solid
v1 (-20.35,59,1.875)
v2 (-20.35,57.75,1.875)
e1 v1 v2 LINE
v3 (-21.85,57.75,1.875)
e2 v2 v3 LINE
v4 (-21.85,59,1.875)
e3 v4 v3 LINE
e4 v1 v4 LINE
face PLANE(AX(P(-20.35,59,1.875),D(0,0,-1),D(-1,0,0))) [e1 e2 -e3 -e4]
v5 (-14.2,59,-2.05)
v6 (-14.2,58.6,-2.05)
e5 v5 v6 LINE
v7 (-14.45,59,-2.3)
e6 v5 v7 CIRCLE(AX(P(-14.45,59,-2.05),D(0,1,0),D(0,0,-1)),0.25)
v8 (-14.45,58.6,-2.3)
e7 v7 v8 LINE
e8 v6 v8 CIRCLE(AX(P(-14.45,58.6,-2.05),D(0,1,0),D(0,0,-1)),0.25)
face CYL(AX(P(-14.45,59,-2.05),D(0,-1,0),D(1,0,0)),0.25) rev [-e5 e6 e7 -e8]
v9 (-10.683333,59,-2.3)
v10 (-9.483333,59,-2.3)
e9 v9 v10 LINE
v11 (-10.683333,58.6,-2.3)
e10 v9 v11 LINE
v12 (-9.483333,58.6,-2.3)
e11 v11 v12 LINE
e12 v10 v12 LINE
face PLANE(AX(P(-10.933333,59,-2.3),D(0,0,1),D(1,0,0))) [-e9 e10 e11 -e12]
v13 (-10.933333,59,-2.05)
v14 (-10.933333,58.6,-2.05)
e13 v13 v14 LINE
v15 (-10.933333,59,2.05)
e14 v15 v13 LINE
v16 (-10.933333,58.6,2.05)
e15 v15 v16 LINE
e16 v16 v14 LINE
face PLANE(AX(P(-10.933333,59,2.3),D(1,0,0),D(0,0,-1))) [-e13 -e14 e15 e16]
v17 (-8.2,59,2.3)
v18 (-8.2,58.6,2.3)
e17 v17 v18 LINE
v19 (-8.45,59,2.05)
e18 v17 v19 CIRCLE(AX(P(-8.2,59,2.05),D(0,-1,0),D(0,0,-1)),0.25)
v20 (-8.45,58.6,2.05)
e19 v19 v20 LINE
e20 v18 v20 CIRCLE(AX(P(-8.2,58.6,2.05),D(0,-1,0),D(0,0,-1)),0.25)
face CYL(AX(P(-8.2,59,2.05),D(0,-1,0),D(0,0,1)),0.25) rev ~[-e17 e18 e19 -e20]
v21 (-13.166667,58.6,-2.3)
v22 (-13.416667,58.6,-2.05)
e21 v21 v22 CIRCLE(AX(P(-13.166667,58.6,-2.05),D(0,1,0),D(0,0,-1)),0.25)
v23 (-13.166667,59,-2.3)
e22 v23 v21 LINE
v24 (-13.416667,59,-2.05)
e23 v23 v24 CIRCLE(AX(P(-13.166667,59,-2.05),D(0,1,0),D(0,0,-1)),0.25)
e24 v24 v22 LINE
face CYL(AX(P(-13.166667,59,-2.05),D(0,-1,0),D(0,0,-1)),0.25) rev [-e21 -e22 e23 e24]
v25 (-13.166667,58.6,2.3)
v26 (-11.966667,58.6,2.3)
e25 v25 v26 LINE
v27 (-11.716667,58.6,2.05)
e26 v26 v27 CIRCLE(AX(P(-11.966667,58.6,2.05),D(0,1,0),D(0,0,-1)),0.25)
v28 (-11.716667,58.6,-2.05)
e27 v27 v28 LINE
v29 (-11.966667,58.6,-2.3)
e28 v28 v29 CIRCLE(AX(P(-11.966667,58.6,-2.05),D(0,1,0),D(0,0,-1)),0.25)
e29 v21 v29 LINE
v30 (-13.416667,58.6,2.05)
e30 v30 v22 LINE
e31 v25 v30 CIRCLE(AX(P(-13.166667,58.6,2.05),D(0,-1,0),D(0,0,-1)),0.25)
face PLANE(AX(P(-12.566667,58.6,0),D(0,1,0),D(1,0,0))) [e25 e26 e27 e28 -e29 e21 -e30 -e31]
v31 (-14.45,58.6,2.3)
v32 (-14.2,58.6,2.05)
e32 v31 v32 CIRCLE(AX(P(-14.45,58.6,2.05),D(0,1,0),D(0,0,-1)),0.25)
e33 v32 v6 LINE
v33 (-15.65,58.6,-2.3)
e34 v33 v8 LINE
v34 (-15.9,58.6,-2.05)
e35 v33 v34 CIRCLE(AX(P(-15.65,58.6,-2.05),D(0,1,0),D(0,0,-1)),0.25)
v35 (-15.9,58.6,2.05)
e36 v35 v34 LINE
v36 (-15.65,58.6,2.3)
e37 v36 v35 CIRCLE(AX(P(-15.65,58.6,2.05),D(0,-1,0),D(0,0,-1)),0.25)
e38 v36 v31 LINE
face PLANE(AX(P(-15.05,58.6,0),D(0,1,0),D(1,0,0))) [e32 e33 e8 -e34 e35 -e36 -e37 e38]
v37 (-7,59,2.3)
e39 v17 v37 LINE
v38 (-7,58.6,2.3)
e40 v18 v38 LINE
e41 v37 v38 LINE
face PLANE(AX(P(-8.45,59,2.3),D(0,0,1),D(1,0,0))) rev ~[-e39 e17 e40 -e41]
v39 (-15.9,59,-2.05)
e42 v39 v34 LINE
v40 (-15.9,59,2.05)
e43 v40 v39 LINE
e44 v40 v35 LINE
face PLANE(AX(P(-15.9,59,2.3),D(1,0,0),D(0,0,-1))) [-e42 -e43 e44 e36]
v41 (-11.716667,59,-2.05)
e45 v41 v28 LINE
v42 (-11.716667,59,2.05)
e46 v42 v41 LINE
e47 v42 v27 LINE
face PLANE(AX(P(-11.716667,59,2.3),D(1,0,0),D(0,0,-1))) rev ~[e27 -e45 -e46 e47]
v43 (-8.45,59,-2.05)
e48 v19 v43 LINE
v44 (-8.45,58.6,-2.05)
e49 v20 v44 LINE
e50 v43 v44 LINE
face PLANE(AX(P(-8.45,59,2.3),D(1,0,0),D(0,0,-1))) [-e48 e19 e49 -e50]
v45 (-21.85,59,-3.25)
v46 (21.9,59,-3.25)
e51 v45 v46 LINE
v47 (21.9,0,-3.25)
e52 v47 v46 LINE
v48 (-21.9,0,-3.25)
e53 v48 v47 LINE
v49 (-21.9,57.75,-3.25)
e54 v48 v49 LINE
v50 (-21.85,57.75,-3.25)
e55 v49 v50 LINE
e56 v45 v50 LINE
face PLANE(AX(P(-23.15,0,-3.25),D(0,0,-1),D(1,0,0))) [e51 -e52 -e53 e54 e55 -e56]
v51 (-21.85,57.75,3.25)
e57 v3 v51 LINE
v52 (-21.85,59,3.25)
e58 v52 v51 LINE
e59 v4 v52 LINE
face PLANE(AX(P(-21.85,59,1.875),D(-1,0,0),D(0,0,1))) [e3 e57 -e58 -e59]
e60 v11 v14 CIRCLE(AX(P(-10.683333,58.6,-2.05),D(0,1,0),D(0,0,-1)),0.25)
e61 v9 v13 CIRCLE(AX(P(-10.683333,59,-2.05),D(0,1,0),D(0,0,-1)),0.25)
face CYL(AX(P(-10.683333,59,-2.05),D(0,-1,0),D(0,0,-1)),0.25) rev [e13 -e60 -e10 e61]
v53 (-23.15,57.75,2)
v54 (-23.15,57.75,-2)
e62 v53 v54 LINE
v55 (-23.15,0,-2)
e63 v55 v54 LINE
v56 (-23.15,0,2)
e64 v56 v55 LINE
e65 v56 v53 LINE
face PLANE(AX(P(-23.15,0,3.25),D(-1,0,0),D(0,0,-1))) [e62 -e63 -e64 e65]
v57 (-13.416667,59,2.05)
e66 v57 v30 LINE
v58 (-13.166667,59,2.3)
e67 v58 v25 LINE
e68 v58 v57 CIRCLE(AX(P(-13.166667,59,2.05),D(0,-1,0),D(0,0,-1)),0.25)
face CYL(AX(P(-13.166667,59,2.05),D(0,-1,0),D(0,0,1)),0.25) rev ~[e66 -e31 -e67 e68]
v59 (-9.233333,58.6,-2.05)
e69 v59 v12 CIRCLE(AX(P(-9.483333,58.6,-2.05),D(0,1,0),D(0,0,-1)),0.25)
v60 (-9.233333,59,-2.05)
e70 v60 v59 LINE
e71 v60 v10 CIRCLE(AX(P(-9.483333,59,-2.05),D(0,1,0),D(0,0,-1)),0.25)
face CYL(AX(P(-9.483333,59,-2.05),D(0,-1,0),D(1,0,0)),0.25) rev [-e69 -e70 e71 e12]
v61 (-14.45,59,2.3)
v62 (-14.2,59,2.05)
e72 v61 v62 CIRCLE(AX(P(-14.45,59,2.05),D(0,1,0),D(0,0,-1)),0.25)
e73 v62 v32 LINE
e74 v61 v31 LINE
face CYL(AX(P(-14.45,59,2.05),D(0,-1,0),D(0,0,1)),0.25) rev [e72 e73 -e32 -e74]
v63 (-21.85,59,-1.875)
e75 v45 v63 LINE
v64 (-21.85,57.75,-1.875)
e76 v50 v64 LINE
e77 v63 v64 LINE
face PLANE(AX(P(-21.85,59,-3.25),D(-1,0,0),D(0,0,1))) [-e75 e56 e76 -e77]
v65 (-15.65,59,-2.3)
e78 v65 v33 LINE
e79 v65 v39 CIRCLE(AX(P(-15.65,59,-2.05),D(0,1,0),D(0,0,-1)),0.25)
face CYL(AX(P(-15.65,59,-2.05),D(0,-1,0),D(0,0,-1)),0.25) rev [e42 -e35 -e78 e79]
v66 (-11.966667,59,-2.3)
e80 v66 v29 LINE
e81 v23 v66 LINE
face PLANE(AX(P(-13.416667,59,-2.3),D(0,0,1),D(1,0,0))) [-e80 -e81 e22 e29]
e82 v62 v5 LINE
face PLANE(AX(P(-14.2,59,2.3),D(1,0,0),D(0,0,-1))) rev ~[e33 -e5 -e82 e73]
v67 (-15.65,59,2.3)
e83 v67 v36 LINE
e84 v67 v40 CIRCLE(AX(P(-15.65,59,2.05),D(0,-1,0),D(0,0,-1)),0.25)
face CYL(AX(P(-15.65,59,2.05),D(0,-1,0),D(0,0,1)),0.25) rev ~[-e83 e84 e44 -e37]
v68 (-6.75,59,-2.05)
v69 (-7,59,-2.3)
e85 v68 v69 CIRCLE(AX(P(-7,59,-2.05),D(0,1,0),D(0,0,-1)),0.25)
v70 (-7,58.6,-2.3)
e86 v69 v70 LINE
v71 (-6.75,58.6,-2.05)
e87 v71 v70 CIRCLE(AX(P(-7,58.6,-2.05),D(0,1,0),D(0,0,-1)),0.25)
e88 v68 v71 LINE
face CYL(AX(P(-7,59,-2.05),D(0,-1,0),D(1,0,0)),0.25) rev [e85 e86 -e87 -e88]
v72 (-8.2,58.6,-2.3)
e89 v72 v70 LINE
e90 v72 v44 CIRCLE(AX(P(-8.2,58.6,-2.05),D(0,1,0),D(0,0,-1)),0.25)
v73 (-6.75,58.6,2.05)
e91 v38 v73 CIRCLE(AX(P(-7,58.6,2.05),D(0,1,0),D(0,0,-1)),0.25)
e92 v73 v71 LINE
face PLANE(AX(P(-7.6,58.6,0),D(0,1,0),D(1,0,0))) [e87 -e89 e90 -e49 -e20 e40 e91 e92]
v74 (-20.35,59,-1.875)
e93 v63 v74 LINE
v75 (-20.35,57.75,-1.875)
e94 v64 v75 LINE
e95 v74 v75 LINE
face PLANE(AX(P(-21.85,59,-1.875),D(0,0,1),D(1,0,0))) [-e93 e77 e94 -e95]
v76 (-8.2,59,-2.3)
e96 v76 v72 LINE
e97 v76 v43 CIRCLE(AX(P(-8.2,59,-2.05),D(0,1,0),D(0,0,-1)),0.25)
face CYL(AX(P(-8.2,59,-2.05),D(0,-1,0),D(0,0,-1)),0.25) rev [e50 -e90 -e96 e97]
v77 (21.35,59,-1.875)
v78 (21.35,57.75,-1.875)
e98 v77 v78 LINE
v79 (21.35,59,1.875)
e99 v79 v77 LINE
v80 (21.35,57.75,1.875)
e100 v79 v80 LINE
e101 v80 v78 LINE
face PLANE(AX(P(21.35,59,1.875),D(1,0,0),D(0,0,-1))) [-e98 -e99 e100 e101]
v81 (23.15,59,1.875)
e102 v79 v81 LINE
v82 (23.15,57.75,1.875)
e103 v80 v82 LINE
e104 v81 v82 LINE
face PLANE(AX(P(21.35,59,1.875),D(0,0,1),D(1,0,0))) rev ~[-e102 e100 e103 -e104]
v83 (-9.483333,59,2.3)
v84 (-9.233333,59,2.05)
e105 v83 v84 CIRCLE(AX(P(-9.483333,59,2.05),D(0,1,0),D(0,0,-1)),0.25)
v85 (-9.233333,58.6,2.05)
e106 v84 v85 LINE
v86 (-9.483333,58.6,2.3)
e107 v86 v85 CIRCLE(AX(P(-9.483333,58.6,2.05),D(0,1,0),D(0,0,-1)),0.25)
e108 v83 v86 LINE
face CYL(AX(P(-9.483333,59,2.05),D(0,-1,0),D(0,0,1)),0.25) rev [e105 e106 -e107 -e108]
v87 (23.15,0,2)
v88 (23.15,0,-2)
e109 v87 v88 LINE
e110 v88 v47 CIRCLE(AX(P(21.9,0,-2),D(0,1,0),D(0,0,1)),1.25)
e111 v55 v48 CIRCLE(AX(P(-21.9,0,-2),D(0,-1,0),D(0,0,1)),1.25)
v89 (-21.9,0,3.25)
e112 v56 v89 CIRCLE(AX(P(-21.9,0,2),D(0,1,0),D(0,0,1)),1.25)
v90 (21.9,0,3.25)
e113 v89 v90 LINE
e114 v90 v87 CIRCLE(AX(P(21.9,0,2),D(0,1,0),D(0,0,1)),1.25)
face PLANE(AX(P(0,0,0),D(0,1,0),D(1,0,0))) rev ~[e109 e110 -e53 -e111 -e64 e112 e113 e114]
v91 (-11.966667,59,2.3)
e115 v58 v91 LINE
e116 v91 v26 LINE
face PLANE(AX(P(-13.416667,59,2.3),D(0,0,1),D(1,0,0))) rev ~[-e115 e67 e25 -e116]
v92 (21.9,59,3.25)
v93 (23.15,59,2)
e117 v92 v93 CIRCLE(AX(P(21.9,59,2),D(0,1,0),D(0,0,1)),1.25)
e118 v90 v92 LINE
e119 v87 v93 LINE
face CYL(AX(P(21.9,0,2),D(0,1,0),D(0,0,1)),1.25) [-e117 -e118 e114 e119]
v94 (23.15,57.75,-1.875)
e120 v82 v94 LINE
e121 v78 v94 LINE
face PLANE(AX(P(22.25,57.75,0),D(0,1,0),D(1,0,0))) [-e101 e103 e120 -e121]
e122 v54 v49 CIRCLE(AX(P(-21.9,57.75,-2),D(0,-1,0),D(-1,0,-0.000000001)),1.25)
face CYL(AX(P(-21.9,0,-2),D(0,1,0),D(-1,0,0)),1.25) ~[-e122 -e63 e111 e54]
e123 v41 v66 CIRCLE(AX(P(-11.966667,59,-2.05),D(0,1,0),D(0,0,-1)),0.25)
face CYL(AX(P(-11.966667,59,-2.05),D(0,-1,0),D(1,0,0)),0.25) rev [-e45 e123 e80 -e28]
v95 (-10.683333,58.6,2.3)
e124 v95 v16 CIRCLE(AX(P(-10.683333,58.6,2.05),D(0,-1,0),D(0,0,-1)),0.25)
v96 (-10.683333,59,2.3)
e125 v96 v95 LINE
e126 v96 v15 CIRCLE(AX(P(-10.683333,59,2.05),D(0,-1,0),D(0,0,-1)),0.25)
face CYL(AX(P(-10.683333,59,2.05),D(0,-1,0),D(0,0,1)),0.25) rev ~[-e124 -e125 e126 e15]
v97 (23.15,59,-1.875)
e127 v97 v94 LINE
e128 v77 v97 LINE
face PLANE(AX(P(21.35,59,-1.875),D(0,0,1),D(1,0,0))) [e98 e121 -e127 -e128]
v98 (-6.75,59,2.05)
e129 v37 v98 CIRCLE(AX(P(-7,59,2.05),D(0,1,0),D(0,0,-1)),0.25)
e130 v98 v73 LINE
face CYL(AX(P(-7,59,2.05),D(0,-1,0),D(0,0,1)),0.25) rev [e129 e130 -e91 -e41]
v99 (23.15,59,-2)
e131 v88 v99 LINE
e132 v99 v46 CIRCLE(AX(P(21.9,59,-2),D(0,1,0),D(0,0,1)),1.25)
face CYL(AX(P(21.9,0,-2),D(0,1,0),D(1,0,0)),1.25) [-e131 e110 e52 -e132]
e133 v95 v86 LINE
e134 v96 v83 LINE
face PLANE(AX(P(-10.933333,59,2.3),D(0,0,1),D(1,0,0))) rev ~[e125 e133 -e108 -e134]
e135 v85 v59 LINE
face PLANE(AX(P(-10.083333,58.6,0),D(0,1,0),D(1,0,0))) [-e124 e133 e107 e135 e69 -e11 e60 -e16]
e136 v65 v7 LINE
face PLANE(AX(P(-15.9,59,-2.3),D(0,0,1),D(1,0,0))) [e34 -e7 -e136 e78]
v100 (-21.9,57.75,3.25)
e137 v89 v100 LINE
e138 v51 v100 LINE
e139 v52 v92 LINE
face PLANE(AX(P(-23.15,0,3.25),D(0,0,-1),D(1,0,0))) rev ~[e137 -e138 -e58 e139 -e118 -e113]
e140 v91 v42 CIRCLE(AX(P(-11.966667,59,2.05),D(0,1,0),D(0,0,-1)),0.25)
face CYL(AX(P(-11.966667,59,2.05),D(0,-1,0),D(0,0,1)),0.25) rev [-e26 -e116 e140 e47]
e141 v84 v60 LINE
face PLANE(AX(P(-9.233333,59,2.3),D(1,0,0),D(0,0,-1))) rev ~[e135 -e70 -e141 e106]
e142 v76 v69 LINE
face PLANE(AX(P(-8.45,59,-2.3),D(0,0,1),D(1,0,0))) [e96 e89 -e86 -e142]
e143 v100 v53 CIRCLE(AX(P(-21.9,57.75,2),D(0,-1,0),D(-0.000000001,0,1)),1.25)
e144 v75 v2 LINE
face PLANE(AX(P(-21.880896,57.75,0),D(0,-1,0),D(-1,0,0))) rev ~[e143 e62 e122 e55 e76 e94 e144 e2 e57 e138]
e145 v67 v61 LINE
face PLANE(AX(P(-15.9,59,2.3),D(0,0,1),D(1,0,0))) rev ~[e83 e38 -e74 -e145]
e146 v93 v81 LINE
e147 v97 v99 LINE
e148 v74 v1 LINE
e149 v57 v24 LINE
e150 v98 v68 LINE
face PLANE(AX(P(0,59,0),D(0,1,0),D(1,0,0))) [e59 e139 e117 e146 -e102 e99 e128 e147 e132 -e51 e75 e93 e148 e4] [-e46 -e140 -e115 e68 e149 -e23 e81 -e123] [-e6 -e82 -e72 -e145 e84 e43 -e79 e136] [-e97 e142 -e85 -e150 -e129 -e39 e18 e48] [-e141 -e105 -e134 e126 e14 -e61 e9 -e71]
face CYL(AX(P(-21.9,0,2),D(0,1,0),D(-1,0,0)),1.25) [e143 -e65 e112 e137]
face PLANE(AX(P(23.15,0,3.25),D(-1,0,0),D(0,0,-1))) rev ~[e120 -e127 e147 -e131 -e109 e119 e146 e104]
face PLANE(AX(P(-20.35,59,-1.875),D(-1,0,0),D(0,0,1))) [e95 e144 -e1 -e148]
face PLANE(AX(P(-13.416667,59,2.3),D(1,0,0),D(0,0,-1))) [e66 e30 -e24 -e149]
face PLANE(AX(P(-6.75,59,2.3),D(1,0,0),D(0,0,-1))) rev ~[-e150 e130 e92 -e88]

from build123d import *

# Parameters (mm, degrees)
SKETCH1_W           = 46.3
SKETCH1_H           = 6.5
BOSS_EXTRUDE1_DEPTH = 59
FILLET1_R           = 1.25
SKETCH2_W           = 1.8
SKETCH2_H           = 3.75
CUT_EXTRUDE1_DEPTH  = 1.25
SKETCH3_W           = 1.7
SKETCH3_H           = 4.6
CUT_EXTRUDE2_DEPTH  = 0.4
FILLET2_R           = 0.25


with BuildPart() as part:
    # Sketch1 → Boss-Extrude1 (new body)
    with BuildSketch(Plane(origin=(0, 0, 0), x_dir=(1, 0, 0), z_dir=(0, 1, 0))):
        Rectangle(SKETCH1_W, SKETCH1_H)
    extrude(amount=BOSS_EXTRUDE1_DEPTH)

    # Fillet1
    fillet1_edges = [part.edges().sort_by_distance(p)[0] for p in [
        (23.15, 29.5, 3.25),
        (-23.15, 29.5, 3.25),
        (-23.15, 29.5, -3.25),
        (23.15, 29.5, -3.25),
    ]]
    fillet(fillet1_edges, radius=FILLET1_R)

    # Sketch2 → Cut-Extrude1 (cut)
    with BuildSketch(Plane(origin=(0, 59, 0), x_dir=(1, 0, 0), z_dir=(0, 1, 0))):
        with Locations((22.25, 0)):
            Rectangle(SKETCH2_W, SKETCH2_H)
        with BuildLine():
            Line((-21.85, 3.25), (-21.85, 1.875))
            Line((-21.85, 1.875), (-20.35, 1.875))
            Line((-20.35, 1.875), (-20.35, 0))
            Line((-20.35, 0), (-20.35, -1.875))
            Line((-20.35, -1.875), (-21.85, -1.875))
            Line((-21.85, -1.875), (-21.85, -3.25))
            Line((-21.85, -3.25), (-21.9, -3.25))
            ThreePointArc((-21.9, -3.25), (-22.783883476, -2.883883476), (-23.15, -2))
            Line((-23.15, -2), (-23.15, 2))
            ThreePointArc((-23.15, 2), (-22.783883476, 2.883883476), (-21.9, 3.25))
            Line((-21.9, 3.25), (-21.85, 3.25))
        make_face()
    extrude(amount=-CUT_EXTRUDE1_DEPTH, mode=Mode.SUBTRACT)

    # Sketch3 → Cut-Extrude2 (cut)
    with BuildSketch(Plane(origin=(0, 59, 0), x_dir=(1, 0, 0), z_dir=(0, 1, 0))):
        with Locations((-15.05, 0)):
            Rectangle(SKETCH3_W, SKETCH3_H)
        with Locations((-12.566666667, 0)):
            Rectangle(SKETCH3_W, SKETCH3_H)
        with Locations((-10.083333333, 0)):
            Rectangle(SKETCH3_W, SKETCH3_H)
        with Locations((-7.6, 0)):
            Rectangle(SKETCH3_W, SKETCH3_H)
    extrude(amount=-CUT_EXTRUDE2_DEPTH, mode=Mode.SUBTRACT)

    # Fillet2
    fillet2_edges = [part.edges().sort_by_distance(p)[0] for p in [
        (-13.416666667, 58.8, -2.3),
        (-11.716666667, 58.8, -2.3),
        (-11.716666667, 58.8, 2.3),
        (-13.416666667, 58.8, 2.3),
        (-10.933333333, 58.8, -2.3),
        (-9.233333333, 58.8, -2.3),
        (-9.233333333, 58.8, 2.3),
        (-10.933333333, 58.8, 2.3),
        (-8.45, 58.8, -2.3),
        (-6.75, 58.8, -2.3),
        (-6.75, 58.8, 2.3),
        (-8.45, 58.8, 2.3),
        (-14.2, 58.8, -2.3),
        (-14.2, 58.8, 2.3),
        (-15.9, 58.8, 2.3),
        (-15.9, 58.8, -2.3),
    ]]
    fillet(fillet2_edges, radius=FILLET2_R)


solid = part.part
